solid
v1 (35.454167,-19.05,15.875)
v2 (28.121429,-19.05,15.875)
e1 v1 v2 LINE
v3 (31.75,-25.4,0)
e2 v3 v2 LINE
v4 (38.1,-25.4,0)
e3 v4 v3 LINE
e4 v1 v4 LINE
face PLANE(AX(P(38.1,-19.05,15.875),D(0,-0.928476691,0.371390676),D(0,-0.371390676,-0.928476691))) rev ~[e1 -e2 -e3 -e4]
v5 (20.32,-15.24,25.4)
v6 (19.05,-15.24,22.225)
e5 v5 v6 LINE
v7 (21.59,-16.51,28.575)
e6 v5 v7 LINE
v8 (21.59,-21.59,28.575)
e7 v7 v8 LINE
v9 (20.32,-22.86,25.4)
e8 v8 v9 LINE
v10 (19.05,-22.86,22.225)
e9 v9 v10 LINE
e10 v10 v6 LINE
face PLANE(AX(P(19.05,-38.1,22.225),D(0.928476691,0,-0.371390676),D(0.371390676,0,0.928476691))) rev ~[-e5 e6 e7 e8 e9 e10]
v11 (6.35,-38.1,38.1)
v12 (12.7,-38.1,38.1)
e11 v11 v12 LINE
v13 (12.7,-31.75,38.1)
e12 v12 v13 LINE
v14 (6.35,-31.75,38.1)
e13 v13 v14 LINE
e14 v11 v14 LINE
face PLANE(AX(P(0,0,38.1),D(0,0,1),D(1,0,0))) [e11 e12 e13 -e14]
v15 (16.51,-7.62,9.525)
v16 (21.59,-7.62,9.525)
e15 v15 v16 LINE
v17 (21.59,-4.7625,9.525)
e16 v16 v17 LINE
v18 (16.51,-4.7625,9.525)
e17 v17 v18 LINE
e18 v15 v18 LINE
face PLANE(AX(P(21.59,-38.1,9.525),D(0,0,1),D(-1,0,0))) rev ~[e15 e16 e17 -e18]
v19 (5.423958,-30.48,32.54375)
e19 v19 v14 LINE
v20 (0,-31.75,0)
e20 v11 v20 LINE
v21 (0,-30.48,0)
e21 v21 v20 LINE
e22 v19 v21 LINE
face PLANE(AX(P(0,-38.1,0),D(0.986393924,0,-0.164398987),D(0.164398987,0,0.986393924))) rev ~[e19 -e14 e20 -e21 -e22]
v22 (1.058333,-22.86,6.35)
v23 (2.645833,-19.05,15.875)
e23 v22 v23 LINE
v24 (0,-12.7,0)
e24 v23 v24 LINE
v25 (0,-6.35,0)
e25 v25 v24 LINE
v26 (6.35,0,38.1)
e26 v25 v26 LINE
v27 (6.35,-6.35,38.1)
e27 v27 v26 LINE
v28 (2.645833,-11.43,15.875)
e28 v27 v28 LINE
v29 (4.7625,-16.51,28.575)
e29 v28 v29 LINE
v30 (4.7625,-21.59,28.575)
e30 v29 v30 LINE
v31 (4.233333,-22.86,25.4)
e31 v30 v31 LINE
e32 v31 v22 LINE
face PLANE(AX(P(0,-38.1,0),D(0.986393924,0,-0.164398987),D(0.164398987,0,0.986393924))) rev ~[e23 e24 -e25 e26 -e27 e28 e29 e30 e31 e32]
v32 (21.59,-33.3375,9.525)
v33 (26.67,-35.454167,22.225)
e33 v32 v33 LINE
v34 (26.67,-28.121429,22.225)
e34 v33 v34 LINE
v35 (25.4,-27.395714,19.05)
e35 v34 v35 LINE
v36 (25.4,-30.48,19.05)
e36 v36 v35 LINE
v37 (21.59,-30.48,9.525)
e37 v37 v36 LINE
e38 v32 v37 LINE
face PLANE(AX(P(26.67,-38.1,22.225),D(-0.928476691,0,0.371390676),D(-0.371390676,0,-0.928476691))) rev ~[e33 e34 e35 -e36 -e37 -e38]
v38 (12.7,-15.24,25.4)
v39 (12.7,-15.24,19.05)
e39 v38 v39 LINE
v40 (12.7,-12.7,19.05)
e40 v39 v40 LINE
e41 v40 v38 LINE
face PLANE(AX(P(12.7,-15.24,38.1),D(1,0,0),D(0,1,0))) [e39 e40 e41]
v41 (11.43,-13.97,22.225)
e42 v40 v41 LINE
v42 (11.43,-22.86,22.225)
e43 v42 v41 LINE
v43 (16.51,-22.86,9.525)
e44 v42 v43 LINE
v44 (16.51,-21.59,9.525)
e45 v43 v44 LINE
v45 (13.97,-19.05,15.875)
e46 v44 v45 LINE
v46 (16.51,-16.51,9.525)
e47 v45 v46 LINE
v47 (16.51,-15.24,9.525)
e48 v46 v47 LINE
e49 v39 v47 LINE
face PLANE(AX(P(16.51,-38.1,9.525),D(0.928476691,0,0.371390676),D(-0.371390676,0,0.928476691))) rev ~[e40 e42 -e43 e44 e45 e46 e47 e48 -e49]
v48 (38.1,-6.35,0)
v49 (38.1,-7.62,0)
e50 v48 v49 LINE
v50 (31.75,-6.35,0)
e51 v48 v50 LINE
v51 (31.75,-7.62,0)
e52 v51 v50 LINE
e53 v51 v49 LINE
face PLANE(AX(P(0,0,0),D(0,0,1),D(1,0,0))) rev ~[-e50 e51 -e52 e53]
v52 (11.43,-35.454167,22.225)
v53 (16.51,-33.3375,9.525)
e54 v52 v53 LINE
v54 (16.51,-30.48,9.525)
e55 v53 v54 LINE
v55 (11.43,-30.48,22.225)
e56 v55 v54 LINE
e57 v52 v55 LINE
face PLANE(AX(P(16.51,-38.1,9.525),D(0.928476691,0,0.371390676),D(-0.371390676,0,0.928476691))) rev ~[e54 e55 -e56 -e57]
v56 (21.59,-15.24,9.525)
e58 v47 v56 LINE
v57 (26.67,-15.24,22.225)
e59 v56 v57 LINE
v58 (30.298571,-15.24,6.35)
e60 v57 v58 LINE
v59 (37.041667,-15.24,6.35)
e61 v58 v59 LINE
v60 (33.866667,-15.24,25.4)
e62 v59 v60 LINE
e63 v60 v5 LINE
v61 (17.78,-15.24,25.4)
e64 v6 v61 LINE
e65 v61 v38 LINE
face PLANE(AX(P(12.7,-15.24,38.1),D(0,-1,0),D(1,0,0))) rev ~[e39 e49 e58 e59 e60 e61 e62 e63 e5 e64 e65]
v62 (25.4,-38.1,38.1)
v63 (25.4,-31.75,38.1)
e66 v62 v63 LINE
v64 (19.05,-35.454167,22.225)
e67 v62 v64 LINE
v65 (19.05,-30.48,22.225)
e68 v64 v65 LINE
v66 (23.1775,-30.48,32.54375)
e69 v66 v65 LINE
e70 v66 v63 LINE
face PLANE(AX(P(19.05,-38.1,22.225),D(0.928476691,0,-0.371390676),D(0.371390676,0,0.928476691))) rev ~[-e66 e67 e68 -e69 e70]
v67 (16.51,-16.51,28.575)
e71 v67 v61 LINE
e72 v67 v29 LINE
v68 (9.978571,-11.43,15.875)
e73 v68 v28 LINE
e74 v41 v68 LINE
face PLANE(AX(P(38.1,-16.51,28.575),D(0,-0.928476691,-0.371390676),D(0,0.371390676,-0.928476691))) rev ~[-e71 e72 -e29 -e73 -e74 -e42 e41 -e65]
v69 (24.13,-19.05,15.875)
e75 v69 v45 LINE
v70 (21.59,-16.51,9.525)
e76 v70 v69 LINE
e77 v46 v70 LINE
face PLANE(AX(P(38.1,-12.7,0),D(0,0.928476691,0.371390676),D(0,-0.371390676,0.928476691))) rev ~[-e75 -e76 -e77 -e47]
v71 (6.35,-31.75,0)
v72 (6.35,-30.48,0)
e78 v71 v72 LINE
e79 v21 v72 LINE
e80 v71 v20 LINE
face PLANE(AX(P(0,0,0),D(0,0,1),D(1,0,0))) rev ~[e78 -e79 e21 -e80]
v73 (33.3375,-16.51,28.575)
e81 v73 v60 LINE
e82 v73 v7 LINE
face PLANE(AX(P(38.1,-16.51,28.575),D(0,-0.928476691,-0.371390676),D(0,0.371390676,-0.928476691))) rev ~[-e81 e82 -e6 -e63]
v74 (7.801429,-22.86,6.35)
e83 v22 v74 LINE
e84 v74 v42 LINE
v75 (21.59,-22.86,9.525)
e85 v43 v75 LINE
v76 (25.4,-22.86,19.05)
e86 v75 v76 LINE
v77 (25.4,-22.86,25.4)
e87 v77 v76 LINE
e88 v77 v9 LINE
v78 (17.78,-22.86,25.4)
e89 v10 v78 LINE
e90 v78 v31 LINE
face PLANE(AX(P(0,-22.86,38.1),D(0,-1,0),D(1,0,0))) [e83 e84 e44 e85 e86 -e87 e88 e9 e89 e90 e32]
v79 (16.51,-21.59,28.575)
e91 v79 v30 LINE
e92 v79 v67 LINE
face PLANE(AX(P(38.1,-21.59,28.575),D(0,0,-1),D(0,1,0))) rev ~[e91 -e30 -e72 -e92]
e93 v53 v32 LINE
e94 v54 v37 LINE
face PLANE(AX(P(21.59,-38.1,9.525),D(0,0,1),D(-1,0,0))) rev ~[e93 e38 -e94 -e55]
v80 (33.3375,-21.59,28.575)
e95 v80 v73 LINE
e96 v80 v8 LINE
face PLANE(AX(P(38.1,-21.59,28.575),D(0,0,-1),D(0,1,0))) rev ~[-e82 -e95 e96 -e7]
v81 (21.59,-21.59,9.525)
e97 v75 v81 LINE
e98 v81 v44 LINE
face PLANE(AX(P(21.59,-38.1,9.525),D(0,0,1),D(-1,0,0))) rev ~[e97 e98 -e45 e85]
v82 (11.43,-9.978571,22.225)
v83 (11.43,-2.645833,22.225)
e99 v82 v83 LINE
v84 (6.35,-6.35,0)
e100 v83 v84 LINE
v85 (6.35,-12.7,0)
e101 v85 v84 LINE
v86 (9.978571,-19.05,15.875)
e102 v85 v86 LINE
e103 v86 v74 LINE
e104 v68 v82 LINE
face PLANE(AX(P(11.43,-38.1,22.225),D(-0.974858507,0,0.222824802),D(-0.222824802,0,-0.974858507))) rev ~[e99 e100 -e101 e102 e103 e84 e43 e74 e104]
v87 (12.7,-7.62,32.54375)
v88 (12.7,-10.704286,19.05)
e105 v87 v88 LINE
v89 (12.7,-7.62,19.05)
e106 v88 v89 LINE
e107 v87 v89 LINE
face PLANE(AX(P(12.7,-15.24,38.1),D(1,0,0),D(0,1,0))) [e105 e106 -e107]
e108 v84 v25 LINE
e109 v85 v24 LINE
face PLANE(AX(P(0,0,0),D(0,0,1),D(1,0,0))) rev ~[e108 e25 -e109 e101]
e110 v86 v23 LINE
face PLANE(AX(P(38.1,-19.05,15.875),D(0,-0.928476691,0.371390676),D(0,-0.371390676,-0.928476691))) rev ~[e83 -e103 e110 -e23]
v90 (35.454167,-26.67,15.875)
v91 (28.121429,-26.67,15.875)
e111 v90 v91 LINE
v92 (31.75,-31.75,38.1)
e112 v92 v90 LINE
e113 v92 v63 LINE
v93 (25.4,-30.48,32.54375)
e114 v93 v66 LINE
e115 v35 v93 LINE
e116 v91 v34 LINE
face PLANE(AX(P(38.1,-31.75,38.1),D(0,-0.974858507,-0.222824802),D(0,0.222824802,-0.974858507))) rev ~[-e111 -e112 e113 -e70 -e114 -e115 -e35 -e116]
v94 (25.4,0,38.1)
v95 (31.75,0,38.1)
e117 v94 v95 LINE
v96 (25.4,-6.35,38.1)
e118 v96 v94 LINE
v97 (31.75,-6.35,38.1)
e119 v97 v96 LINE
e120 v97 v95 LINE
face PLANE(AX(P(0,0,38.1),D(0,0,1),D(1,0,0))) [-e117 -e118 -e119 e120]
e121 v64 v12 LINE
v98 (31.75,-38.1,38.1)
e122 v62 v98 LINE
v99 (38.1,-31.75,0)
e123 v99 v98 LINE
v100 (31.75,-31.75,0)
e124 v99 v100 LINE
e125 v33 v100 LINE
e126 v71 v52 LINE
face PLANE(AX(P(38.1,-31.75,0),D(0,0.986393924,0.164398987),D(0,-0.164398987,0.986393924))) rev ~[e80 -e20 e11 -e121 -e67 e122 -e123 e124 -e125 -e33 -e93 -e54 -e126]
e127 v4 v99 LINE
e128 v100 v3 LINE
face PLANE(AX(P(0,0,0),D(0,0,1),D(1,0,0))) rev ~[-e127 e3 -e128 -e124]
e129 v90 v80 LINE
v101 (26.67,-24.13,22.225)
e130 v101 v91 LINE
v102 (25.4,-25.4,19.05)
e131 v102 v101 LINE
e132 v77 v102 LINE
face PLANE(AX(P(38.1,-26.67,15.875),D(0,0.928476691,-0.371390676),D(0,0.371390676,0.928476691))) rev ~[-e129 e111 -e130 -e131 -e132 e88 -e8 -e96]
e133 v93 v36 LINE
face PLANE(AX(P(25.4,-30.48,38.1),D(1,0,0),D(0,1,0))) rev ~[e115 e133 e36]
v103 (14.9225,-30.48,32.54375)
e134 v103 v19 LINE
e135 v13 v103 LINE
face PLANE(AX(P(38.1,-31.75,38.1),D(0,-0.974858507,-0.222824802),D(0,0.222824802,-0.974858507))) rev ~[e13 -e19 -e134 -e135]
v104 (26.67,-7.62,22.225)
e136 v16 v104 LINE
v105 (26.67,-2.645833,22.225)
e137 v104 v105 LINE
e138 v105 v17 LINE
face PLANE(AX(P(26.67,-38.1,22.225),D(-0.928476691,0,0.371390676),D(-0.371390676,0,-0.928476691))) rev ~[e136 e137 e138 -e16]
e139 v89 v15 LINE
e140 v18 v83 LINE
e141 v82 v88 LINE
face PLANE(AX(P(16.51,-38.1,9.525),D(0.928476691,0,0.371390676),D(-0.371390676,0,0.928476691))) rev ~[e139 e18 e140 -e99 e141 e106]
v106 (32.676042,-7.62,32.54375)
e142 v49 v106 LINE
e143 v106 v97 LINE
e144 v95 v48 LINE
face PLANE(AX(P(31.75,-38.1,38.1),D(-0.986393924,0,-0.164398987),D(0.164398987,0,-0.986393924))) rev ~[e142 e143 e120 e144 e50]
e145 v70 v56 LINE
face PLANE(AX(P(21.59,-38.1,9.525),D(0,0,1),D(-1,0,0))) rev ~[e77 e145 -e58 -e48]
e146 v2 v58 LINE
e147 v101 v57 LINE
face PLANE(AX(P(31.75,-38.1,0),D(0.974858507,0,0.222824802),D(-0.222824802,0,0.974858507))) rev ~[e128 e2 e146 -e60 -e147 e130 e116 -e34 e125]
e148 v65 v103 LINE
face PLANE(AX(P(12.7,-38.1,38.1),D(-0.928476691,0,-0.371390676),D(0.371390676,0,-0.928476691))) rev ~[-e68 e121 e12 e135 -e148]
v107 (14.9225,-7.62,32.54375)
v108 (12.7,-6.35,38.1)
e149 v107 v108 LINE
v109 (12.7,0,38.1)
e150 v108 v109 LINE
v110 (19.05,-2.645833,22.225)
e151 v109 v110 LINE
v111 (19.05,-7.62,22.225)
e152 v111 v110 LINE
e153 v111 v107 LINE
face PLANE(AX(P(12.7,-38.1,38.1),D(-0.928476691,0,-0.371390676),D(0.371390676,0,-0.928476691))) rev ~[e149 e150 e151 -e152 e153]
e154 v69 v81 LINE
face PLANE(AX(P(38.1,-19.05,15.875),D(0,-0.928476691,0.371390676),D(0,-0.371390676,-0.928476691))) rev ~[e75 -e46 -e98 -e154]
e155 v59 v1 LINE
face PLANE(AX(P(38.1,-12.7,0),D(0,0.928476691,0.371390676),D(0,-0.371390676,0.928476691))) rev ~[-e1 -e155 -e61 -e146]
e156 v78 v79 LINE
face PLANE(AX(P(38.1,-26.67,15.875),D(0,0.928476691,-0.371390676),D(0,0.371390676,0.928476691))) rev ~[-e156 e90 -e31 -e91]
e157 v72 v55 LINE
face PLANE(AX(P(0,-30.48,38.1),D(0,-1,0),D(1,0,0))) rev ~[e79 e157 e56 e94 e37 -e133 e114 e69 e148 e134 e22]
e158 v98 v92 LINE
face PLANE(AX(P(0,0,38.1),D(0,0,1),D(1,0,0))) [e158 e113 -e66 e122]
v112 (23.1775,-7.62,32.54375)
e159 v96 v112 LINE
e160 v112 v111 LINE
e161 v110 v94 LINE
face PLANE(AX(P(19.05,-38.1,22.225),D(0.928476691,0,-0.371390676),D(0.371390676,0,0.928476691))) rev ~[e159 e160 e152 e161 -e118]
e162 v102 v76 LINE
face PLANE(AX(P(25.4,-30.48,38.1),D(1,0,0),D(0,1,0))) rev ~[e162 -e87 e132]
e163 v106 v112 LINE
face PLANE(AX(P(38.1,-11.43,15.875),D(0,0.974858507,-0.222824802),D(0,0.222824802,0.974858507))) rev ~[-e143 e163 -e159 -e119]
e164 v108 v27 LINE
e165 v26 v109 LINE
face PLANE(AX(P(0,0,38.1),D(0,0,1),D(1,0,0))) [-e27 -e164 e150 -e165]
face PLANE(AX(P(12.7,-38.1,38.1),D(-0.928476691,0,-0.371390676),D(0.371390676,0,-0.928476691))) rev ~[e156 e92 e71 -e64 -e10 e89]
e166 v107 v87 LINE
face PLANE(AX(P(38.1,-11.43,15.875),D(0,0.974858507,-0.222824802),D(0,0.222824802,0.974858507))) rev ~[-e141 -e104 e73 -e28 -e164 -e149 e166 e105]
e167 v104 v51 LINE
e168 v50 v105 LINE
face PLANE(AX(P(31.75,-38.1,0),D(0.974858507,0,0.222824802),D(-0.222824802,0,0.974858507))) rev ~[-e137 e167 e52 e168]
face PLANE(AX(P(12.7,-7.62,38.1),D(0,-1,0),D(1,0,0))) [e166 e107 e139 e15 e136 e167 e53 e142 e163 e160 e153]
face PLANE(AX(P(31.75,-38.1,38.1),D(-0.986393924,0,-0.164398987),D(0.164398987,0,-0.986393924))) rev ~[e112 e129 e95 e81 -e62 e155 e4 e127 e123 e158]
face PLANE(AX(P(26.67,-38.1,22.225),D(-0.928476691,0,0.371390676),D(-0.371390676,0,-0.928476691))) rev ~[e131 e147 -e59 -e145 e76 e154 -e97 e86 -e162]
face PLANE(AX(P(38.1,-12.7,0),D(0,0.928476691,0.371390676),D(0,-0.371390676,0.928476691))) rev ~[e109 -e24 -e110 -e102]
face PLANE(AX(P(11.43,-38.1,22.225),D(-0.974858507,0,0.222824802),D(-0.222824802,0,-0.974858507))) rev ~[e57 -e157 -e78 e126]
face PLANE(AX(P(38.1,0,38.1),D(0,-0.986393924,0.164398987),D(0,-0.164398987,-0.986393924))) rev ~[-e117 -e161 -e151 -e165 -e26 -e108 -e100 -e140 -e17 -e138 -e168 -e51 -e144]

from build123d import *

# Parameters (mm, degrees)
F0_W      = 38.1
F0_H      = 38.1
F1_DEPTH  = 38.1
F6_DEPTH  = 38.1
F8_DEPTH  = 38.1
F9_W      = 25.4
F9_H      = 7.62
F10_DEPTH = 38.1


with BuildPart() as f1:
    # F0 (on Front) → F1 (new body)
    with BuildSketch(Plane.XZ):
        with Locations((19.05, 19.05)):
            Rectangle(F0_W, F0_H)
    extrude(amount=F1_DEPTH)

    # F5 (on offset) → F6 (cut)
    with BuildSketch(Plane.YZ.offset(38.1)):
        Polygon((-11.43, 15.875), (-6.35, 38.1), (-31.75, 38.1), (-26.67, 15.875), (-21.59, 28.575), (-16.51, 28.575), align=None)
        Polygon((-31.75, 0), (-38.1, 38.1), (-38.1, 0), align=None)
        Polygon((-25.4, 0), (-12.7, 0), (-19.05, 15.875), align=None)
        Polygon((-6.35, 0), (0, 0), (0, 38.1), align=None)
    extrude(amount=-F6_DEPTH, mode=Mode.SUBTRACT)

    # F7 (on offset) → F8 (cut)
    with BuildSketch(Plane.XZ.offset(38.1)):
        Polygon((0, 38.1), (0, 0), (6.35, 38.1), align=None)
        Polygon((25.4, 38.1), (12.7, 38.1), (19.05, 22.225), align=None)
        Polygon((31.75, 38.1), (38.1, 0), (38.1, 38.1), align=None)
        Polygon((11.43, 22.225), (6.35, 0), (31.75, 0), (26.67, 22.225), (21.59, 9.525), (16.51, 9.525), align=None)
    extrude(amount=-F8_DEPTH, mode=Mode.SUBTRACT)

    # F9 (on offset) → F10 (cut)
    with BuildSketch(Plane.XY.offset(38.1)):
        with Locations((25.4, -11.43)):
            Rectangle(F9_W, F9_H)
        with Locations((12.7, -26.67)):
            Rectangle(F9_W, F9_H)
    extrude(amount=-F10_DEPTH, mode=Mode.SUBTRACT)


solid = f1.part
